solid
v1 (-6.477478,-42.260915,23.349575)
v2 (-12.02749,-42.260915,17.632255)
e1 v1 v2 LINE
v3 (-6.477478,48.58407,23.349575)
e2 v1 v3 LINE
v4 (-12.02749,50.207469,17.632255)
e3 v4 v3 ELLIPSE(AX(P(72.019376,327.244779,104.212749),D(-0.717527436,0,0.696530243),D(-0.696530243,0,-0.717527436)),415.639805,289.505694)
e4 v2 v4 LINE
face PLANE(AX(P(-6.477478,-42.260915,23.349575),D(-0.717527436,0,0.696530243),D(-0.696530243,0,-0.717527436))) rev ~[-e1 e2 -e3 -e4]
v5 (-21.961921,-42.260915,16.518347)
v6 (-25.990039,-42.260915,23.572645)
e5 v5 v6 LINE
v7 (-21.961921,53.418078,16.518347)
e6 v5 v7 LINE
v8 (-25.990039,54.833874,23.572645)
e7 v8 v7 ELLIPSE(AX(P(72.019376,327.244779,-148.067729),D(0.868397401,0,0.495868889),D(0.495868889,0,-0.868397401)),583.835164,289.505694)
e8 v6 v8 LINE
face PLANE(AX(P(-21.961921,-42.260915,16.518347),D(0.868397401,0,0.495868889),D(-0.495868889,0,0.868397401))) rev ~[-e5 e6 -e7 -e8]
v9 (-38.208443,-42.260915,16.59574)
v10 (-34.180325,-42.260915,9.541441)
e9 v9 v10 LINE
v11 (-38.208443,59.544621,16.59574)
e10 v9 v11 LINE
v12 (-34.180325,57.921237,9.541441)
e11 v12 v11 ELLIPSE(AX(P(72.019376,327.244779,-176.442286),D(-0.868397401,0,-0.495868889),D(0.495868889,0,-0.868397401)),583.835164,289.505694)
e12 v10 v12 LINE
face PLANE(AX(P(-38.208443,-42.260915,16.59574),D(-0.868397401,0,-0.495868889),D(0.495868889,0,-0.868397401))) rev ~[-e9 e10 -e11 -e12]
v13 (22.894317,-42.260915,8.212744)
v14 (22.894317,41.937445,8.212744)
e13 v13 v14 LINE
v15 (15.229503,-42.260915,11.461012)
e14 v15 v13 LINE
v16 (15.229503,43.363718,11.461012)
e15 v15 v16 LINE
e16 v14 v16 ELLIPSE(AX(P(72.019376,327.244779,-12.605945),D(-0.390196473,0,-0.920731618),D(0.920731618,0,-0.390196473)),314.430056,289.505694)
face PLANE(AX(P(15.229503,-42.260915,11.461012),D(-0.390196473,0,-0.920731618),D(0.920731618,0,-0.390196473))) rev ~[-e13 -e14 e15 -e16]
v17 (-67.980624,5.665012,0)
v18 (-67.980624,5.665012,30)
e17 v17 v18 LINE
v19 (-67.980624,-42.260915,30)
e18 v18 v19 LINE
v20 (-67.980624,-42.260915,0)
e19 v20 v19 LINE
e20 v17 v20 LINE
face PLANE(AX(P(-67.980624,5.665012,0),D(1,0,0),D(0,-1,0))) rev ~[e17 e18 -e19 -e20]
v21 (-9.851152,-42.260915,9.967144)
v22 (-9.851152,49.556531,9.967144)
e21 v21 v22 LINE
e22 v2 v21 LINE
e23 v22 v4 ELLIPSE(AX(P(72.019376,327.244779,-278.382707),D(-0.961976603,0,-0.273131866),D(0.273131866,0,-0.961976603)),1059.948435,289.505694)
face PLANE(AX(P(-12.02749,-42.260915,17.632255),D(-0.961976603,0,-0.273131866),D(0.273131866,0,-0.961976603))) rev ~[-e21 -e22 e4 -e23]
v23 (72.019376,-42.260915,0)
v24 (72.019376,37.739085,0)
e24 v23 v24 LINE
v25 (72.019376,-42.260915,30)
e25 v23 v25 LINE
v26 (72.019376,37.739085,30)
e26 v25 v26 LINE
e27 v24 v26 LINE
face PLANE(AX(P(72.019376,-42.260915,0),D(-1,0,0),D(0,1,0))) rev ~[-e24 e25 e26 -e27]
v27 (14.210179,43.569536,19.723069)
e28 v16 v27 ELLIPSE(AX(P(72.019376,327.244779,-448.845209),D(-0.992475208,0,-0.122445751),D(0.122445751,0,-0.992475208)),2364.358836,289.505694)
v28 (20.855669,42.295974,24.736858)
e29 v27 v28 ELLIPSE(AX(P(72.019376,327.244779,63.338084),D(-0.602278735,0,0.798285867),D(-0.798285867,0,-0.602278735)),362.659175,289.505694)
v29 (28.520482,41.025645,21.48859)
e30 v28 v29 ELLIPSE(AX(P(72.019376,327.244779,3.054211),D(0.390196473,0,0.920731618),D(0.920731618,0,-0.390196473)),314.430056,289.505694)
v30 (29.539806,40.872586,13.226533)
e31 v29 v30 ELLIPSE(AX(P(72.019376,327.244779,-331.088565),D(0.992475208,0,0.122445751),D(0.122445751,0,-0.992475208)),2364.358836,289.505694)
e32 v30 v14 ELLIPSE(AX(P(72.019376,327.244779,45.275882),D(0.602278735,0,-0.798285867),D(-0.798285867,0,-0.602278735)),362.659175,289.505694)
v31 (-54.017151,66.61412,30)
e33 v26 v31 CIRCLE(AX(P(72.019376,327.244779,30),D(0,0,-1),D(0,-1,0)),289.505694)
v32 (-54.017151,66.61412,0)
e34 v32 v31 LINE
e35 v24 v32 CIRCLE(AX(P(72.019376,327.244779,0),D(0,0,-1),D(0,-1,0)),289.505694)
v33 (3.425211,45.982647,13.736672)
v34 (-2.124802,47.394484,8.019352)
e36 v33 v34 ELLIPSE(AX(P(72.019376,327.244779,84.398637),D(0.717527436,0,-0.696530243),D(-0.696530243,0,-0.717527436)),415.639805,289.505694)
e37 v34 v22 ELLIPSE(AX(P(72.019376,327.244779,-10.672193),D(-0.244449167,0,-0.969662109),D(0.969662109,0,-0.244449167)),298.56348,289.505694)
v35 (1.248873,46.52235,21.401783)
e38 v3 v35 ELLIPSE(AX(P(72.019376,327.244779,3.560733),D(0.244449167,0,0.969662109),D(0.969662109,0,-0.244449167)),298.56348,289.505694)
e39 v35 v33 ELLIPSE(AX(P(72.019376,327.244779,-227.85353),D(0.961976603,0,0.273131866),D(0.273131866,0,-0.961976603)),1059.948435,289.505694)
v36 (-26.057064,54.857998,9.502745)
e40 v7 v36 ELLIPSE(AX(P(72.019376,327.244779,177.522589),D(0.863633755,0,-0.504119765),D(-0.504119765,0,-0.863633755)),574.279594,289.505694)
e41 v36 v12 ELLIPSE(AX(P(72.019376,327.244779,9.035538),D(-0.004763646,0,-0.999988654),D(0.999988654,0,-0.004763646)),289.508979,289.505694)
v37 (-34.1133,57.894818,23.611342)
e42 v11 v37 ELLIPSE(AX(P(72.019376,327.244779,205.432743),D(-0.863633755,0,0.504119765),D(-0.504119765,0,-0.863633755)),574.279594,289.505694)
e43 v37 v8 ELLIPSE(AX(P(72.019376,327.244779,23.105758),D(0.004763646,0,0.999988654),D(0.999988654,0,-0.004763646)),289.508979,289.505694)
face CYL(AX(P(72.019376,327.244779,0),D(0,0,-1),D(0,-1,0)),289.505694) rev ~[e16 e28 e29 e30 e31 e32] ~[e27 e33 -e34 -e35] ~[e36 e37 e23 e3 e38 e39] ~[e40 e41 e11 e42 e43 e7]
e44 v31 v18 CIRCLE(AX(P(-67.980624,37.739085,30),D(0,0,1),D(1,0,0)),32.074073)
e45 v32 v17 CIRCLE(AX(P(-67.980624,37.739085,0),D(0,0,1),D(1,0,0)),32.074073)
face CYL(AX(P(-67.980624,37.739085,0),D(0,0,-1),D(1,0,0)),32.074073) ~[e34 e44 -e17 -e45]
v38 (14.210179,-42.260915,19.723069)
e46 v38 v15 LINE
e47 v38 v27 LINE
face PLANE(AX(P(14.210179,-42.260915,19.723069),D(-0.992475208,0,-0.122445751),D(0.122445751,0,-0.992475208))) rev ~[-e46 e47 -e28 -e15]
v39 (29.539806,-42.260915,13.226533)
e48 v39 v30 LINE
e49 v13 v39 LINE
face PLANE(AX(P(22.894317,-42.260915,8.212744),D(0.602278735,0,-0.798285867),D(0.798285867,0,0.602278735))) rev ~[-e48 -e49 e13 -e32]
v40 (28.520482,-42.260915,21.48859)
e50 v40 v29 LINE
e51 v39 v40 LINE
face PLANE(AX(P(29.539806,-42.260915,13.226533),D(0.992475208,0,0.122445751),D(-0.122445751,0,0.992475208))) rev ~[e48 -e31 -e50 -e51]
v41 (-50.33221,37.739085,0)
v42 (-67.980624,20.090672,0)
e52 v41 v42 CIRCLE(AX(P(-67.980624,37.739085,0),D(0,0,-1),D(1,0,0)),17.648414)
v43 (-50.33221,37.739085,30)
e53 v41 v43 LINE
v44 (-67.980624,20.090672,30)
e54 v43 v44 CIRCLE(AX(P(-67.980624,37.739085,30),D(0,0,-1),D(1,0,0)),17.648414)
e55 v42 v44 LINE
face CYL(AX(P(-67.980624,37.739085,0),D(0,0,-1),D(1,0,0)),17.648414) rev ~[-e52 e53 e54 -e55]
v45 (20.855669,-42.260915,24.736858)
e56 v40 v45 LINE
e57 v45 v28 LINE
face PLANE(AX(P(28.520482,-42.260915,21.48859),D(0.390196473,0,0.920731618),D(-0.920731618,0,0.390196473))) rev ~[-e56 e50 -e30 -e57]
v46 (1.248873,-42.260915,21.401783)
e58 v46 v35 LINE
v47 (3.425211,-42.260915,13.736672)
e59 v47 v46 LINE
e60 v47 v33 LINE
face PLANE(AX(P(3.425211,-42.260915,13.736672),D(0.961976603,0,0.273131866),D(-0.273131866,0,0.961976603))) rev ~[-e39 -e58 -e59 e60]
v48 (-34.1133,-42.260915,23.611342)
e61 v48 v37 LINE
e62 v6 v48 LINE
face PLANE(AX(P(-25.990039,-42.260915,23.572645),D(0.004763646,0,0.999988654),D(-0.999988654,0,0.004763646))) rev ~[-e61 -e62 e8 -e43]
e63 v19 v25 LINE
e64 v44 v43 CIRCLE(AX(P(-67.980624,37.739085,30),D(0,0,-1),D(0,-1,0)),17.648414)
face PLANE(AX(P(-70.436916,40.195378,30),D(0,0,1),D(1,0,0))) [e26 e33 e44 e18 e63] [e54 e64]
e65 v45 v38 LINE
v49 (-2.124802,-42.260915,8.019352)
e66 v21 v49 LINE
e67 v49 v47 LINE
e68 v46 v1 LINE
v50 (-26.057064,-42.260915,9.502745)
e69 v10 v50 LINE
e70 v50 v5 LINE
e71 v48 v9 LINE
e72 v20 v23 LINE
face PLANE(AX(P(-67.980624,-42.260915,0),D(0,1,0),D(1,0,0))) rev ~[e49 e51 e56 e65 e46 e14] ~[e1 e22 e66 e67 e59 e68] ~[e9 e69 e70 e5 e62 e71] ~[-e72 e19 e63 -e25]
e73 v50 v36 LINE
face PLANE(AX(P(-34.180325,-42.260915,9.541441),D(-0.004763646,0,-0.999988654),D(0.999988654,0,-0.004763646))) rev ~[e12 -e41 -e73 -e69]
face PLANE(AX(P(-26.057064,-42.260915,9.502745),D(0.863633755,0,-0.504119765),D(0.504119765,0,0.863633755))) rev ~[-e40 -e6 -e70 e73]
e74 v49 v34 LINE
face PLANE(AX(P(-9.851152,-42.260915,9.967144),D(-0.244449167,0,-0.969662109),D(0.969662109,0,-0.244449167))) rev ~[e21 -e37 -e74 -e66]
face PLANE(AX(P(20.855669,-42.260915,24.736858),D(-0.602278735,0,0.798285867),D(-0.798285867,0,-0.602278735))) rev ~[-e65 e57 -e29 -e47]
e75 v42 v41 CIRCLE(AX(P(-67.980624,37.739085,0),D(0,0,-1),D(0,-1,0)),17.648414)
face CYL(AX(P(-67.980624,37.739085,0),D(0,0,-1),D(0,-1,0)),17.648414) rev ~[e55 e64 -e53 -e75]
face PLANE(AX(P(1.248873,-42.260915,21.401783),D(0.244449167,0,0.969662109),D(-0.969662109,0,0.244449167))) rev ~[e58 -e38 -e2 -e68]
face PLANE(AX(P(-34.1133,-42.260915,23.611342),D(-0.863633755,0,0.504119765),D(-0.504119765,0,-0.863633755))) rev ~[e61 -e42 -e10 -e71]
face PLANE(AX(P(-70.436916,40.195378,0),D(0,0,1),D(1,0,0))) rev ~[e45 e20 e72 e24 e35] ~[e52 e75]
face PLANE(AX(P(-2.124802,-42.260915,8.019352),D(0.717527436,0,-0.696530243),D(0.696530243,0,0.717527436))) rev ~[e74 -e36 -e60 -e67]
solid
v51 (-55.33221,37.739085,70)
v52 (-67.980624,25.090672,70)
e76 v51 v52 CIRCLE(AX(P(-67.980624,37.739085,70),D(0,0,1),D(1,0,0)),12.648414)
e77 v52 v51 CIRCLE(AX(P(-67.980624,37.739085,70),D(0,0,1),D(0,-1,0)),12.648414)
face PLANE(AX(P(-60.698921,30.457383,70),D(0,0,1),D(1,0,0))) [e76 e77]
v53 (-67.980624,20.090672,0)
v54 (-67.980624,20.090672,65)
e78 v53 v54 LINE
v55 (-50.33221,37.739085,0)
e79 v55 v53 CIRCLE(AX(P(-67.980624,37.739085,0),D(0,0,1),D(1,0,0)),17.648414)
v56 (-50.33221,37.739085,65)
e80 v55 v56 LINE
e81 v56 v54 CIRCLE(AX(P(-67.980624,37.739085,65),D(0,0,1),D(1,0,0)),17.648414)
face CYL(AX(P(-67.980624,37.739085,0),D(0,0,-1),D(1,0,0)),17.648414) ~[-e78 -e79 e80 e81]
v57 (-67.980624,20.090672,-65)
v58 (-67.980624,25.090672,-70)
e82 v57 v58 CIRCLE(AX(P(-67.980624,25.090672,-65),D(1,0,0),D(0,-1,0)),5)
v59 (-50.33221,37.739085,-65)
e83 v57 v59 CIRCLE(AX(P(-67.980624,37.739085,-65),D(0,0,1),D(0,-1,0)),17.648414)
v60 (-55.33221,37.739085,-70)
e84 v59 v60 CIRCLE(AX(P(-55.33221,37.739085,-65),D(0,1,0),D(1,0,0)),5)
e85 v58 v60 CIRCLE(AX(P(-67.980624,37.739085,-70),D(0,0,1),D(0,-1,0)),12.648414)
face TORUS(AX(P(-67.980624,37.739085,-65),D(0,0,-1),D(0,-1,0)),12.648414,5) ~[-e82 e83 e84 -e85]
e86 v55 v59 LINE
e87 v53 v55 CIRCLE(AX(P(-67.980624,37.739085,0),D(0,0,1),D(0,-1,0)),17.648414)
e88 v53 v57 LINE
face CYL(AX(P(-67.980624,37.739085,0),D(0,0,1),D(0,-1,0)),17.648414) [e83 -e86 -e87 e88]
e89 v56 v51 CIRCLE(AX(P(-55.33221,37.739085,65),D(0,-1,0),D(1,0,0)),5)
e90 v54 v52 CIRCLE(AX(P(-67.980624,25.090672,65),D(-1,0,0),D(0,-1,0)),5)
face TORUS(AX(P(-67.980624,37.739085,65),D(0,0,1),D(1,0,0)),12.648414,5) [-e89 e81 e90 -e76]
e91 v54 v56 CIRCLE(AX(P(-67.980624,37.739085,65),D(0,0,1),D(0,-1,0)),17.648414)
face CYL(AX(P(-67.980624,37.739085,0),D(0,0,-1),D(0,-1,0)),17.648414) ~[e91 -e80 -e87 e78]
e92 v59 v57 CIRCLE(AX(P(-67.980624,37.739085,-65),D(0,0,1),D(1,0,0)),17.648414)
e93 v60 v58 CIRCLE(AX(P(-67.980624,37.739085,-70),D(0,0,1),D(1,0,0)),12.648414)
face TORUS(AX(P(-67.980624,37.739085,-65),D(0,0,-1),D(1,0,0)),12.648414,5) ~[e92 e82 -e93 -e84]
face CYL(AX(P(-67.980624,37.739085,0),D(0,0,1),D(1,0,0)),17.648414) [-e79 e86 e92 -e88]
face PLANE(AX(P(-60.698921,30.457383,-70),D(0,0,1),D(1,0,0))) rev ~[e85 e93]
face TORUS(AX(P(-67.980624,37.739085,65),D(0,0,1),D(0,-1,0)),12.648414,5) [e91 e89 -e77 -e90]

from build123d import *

# Parameters (mm, degrees)
F1_DEPTH = 30
F2_DEPTH = 70
F4_DEPTH = 200
F5_R     = 5


with BuildPart() as f1:
    # F0 (on Top) → F1 (new body)
    with BuildSketch(Plane.XY):
        with BuildLine():
            ThreePointArc((-67.980623506, 20.0906718244), (-80.4599364374, 50.2183983524), (-50.3322099094, 37.739085421))
            Line((-50.3322099094, 37.739085421), (-35.9065500107, 37.739085421))
            ThreePointArc((-35.9065500107, 37.739085421), (-40.8088399907, 54.7813966252), (-54.0171508499, 66.6141200005))
            ThreePointArc((-54.0171508499, 66.6141200005), (-99.2447097062, 44.9017039821), (-67.980623506, 5.6650119258))
            Line((-67.980623506, 5.6650119258), (-67.980623506, 20.0906718244))
        make_face()
        with BuildLine():
            ThreePointArc((-54.0171508499, 66.6141200005), (-40.8088399907, 54.7813966252), (-35.9065500107, 37.739085421))
            Line((-35.9065500107, 37.739085421), (72.019376494, 37.739085421))
            ThreePointArc((72.019376494, 37.739085421), (7.3684409887, 45.0501597065), (-54.0171508499, 66.6141200005))
        make_face()
        with BuildLine():
            Line((72.019376494, 37.739085421), (-35.9065500107, 37.739085421))
            ThreePointArc((-35.9065500107, 37.739085421), (-45.3008286372, 15.0592905522), (-67.980623506, 5.6650119258))
            Line((-67.980623506, 5.6650119258), (-67.980623506, -42.260914579))
            Line((-67.980623506, -42.260914579), (72.019376494, -42.260914579))
            Line((72.019376494, -42.260914579), (72.019376494, 37.739085421))
        make_face()
        with BuildLine():
            Line((-35.9065500107, 37.739085421), (-50.3322099094, 37.739085421))
            ThreePointArc((-50.3322099094, 37.739085421), (-55.5013105746, 25.2597724897), (-67.980623506, 20.0906718244))
            Line((-67.980623506, 20.0906718244), (-67.980623506, 5.6650119258))
            ThreePointArc((-67.980623506, 5.6650119258), (-45.3008286372, 15.0592905522), (-35.9065500107, 37.739085421))
        make_face()
    extrude(amount=F1_DEPTH)

    # F3 (on face) → F4 (cut)
    with BuildSketch(Plane.XZ.offset(42.260914579)):
        Polygon((-26.0570636989, 9.5027446255), (-21.9619207977, 16.518346642), (-25.9900389162, 23.5726454348), (-34.1132999359, 23.6113422111), (-38.2084428371, 16.5957401946), (-34.1803247186, 9.5414414018), align=None)
        Polygon((1.2488726703, 21.4017832862), (-6.4774776311, 23.3495750756), (-12.0274899527, 17.6322553307), (-9.8511519729, 9.9671437964), (-2.1248016714, 8.019352007), (3.4252106502, 13.7366717519), align=None)
        Polygon((22.8943165159, 8.212744078), (29.5398056635, 13.2265329518), (28.5204817034, 21.4885898111), (20.8556685957, 24.7368577965), (14.2101794481, 19.7230689228), (15.2295034082, 11.4610120635), align=None)
    extrude(amount=-F4_DEPTH, mode=Mode.SUBTRACT)


with BuildPart() as f2:
    # F0 (on Top) → F2 (new body, symmetric)
    with BuildSketch(Plane.XY):
        with BuildLine():
            Line((-50.3322099094, 37.739085421), (-67.980623506, 37.739085421))
            Line((-67.980623506, 37.739085421), (-67.980623506, 20.0906718244))
            ThreePointArc((-67.980623506, 20.0906718244), (-55.5013105746, 25.2597724897), (-50.3322099094, 37.739085421))
        make_face()
        with BuildLine():
            Line((-67.980623506, 20.0906718244), (-67.980623506, 37.739085421))
            Line((-67.980623506, 37.739085421), (-50.3322099094, 37.739085421))
            ThreePointArc((-50.3322099094, 37.739085421), (-80.4599364374, 50.2183983524), (-67.980623506, 20.0906718244))
        make_face()
    extrude(amount=F2_DEPTH, both=True)

    # F5
    f5_edges = [f2.edges().sort_by_distance(p)[0] for p in [
        (-85.629037, 37.739085, -70),
        (-50.33221, 37.739085, 0),
        (-85.629037, 37.739085, 70),
    ]]
    fillet(f5_edges, radius=F5_R)


solid = Compound([f1.part, f2.part])
